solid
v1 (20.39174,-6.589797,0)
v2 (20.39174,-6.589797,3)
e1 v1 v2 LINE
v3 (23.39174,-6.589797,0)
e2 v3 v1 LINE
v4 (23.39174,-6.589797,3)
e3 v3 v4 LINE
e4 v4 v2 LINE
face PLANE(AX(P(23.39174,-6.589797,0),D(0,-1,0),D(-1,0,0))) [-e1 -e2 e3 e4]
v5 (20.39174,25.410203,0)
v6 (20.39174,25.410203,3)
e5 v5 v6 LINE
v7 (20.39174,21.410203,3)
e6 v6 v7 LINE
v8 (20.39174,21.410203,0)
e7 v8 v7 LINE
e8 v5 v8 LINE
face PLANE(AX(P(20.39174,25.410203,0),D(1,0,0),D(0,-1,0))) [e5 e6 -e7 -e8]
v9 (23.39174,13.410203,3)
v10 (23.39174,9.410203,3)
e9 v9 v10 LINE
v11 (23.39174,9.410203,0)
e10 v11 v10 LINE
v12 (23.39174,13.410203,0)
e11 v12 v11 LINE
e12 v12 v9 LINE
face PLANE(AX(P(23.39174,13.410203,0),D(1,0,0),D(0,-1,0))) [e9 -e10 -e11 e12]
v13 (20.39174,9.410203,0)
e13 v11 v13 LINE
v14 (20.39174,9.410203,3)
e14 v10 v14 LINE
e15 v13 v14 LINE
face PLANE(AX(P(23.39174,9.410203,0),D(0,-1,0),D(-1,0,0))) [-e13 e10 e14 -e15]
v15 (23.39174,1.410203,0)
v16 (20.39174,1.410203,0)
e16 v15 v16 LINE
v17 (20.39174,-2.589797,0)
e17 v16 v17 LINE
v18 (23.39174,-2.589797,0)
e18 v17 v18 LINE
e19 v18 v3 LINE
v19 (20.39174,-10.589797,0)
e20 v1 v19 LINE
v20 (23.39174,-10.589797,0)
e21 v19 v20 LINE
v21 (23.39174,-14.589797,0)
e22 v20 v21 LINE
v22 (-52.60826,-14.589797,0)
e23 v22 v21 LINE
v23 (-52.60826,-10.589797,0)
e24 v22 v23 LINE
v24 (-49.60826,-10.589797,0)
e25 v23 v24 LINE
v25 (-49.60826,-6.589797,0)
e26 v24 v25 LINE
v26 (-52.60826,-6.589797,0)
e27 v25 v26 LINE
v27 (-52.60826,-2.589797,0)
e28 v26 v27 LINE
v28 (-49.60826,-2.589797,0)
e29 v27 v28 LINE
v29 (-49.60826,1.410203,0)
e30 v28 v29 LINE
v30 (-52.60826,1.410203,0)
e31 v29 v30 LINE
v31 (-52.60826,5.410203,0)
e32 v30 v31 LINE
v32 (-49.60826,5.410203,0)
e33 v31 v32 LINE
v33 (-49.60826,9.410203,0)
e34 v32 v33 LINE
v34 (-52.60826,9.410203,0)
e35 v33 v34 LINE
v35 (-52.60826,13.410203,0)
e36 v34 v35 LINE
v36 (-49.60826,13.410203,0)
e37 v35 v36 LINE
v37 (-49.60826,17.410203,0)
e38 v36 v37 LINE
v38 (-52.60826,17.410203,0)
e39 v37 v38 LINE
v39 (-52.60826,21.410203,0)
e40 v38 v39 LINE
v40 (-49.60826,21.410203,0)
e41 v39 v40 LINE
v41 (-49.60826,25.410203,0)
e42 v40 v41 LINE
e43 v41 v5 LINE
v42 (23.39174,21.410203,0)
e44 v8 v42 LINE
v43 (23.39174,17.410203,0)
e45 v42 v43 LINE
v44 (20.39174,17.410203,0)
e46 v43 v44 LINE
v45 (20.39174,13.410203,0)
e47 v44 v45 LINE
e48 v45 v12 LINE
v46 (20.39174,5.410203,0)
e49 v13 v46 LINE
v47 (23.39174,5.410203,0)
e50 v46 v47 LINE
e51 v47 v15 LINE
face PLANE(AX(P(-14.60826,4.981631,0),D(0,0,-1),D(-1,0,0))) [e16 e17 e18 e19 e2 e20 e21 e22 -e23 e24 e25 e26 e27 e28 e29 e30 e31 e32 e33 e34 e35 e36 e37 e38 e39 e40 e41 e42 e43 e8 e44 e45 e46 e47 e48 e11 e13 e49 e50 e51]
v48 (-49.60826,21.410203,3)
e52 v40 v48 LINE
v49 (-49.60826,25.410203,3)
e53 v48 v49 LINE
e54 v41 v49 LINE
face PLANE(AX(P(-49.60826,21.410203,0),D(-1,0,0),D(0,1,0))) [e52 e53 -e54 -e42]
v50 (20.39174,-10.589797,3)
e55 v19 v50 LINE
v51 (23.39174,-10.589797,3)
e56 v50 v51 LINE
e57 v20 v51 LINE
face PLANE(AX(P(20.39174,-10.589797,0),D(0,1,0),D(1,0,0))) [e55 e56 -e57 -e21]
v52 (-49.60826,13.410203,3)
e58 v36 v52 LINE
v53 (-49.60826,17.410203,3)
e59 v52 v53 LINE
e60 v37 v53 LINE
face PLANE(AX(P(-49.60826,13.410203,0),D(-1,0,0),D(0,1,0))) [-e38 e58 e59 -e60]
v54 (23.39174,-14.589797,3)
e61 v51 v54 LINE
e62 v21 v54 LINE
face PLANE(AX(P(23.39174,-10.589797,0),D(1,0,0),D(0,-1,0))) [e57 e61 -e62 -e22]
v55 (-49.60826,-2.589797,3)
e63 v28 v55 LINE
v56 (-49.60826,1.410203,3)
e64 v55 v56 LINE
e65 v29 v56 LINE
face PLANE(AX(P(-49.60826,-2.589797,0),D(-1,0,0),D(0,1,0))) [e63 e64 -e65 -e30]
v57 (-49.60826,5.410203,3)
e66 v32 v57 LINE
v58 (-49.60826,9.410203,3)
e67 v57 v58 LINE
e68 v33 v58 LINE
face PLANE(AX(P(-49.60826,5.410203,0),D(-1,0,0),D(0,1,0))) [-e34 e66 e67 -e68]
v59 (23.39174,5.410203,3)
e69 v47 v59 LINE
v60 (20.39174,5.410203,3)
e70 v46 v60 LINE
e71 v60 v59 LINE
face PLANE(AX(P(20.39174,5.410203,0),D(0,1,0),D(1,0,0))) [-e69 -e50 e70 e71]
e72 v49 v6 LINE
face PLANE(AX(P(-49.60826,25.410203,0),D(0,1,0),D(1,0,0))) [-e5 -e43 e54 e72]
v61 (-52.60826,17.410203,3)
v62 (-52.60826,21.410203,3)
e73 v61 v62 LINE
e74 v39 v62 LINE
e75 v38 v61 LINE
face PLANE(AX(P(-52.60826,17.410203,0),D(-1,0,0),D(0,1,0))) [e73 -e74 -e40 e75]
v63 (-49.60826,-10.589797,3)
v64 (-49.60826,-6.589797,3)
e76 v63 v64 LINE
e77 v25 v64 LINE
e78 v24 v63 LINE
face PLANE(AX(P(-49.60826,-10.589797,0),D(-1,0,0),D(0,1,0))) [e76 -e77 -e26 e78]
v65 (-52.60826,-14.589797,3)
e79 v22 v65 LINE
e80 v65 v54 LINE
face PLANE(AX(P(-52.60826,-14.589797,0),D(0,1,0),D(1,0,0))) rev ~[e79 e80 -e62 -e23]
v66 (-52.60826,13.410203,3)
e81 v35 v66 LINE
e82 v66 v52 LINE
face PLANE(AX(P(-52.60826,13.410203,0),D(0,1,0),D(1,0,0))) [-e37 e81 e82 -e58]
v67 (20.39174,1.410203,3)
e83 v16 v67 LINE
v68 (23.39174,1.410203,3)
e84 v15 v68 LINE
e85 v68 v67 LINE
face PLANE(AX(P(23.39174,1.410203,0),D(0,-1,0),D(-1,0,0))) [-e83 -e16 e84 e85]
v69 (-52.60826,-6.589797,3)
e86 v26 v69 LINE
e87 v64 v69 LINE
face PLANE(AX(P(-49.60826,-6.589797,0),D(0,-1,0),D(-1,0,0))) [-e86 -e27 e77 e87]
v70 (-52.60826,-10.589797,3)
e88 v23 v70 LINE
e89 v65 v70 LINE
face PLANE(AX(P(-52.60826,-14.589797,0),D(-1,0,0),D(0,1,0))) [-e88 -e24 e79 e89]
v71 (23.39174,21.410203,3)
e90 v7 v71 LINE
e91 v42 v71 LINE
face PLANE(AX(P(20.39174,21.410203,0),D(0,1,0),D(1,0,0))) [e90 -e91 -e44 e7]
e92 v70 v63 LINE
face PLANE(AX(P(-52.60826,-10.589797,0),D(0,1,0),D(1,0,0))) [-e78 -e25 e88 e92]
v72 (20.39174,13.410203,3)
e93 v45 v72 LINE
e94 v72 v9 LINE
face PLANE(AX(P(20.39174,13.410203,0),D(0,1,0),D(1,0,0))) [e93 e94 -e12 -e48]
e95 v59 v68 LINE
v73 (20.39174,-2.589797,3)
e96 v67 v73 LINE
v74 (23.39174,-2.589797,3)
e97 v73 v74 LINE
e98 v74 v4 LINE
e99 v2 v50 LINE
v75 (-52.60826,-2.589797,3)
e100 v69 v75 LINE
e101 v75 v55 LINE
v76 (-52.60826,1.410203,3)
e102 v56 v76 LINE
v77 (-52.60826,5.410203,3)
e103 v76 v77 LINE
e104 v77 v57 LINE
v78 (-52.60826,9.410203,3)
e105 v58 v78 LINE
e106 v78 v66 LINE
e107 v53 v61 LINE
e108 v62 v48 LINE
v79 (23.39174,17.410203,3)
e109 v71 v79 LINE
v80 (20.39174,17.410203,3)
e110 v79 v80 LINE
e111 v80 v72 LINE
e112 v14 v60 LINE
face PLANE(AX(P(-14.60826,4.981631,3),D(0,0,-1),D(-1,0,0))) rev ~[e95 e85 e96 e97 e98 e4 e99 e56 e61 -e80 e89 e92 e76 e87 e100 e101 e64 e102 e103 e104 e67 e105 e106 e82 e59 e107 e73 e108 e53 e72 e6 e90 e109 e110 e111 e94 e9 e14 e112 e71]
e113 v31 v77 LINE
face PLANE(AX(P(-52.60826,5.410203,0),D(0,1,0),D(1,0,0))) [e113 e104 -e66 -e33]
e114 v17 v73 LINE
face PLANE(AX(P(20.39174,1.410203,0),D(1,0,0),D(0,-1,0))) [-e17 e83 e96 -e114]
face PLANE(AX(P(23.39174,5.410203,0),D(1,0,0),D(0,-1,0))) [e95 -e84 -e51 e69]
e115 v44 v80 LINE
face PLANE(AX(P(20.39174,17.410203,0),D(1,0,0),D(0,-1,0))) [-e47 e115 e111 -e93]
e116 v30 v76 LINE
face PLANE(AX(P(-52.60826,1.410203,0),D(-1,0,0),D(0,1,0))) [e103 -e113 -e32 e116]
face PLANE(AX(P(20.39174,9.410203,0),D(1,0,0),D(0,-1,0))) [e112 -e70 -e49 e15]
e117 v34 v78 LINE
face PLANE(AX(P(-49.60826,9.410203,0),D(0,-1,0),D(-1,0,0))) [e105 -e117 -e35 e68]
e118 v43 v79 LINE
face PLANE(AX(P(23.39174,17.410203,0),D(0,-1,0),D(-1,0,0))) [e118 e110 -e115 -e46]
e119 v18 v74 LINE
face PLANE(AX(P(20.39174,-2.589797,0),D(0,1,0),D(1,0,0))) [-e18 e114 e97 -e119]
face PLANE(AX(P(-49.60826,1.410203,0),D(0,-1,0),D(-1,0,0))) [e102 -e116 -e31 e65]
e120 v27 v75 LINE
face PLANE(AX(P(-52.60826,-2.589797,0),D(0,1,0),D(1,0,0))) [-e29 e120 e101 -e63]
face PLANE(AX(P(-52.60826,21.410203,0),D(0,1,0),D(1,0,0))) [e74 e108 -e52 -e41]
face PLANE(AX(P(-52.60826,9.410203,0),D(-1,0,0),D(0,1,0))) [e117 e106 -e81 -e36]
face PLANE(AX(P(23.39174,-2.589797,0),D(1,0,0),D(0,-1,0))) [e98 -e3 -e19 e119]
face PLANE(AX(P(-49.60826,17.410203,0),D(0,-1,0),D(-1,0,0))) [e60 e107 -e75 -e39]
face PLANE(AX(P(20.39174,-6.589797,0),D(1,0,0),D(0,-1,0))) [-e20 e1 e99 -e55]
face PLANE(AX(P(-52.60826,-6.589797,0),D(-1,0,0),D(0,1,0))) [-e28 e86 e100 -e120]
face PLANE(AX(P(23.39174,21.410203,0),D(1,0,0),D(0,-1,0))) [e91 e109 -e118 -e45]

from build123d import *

# Parameters (mm, degrees)
BOSS_EXTRU_1_DEPTH = 3


with BuildPart() as part:
    # Esquisse1 → Boss.-Extru.1 (new body)
    with BuildSketch(Plane.XY):
        Polygon((-49.608259545, 25.410202795), (20.391740455, 25.410202795), (20.391740455, 21.410202795), (23.391740455, 21.410202795), (23.391740455, 17.410202795), (20.391740455, 17.410202795), (20.391740455, 13.410202795), (23.391740455, 13.410202795), (23.391740455, 9.410202795), (20.391740455, 9.410202795), (20.391740455, 5.410202795), (23.391740455, 5.410202795), (23.391740455, 1.410202795), (20.391740455, 1.410202795), (20.391740455, -2.589797205), (23.391740455, -2.589797205), (23.391740455, -6.589797205), (20.391740455, -6.589797205), (20.391740455, -10.589797205), (23.391740455, -10.589797205), (23.391740455, -14.589797205), (20.391740455, -14.589797205), (-49.608259545, -14.589797205), (-52.608259545, -14.589797205), (-52.608259545, -10.589797205), (-49.608259545, -10.589797205), (-49.608259545, -6.589797205), (-52.608259545, -6.589797205), (-52.608259545, -2.589797205), (-49.608259545, -2.589797205), (-49.608259545, 1.410202795), (-52.608259545, 1.410202795), (-52.608259545, 5.410202795), (-49.608259545, 5.410202795), (-49.608259545, 9.410202795), (-52.608259545, 9.410202795), (-52.608259545, 13.410202795), (-49.608259545, 13.410202795), (-49.608259545, 17.410202795), (-52.608259545, 17.410202795), (-52.608259545, 21.410202795), (-49.608259545, 21.410202795), align=None)
    extrude(amount=BOSS_EXTRU_1_DEPTH)


solid = part.part
